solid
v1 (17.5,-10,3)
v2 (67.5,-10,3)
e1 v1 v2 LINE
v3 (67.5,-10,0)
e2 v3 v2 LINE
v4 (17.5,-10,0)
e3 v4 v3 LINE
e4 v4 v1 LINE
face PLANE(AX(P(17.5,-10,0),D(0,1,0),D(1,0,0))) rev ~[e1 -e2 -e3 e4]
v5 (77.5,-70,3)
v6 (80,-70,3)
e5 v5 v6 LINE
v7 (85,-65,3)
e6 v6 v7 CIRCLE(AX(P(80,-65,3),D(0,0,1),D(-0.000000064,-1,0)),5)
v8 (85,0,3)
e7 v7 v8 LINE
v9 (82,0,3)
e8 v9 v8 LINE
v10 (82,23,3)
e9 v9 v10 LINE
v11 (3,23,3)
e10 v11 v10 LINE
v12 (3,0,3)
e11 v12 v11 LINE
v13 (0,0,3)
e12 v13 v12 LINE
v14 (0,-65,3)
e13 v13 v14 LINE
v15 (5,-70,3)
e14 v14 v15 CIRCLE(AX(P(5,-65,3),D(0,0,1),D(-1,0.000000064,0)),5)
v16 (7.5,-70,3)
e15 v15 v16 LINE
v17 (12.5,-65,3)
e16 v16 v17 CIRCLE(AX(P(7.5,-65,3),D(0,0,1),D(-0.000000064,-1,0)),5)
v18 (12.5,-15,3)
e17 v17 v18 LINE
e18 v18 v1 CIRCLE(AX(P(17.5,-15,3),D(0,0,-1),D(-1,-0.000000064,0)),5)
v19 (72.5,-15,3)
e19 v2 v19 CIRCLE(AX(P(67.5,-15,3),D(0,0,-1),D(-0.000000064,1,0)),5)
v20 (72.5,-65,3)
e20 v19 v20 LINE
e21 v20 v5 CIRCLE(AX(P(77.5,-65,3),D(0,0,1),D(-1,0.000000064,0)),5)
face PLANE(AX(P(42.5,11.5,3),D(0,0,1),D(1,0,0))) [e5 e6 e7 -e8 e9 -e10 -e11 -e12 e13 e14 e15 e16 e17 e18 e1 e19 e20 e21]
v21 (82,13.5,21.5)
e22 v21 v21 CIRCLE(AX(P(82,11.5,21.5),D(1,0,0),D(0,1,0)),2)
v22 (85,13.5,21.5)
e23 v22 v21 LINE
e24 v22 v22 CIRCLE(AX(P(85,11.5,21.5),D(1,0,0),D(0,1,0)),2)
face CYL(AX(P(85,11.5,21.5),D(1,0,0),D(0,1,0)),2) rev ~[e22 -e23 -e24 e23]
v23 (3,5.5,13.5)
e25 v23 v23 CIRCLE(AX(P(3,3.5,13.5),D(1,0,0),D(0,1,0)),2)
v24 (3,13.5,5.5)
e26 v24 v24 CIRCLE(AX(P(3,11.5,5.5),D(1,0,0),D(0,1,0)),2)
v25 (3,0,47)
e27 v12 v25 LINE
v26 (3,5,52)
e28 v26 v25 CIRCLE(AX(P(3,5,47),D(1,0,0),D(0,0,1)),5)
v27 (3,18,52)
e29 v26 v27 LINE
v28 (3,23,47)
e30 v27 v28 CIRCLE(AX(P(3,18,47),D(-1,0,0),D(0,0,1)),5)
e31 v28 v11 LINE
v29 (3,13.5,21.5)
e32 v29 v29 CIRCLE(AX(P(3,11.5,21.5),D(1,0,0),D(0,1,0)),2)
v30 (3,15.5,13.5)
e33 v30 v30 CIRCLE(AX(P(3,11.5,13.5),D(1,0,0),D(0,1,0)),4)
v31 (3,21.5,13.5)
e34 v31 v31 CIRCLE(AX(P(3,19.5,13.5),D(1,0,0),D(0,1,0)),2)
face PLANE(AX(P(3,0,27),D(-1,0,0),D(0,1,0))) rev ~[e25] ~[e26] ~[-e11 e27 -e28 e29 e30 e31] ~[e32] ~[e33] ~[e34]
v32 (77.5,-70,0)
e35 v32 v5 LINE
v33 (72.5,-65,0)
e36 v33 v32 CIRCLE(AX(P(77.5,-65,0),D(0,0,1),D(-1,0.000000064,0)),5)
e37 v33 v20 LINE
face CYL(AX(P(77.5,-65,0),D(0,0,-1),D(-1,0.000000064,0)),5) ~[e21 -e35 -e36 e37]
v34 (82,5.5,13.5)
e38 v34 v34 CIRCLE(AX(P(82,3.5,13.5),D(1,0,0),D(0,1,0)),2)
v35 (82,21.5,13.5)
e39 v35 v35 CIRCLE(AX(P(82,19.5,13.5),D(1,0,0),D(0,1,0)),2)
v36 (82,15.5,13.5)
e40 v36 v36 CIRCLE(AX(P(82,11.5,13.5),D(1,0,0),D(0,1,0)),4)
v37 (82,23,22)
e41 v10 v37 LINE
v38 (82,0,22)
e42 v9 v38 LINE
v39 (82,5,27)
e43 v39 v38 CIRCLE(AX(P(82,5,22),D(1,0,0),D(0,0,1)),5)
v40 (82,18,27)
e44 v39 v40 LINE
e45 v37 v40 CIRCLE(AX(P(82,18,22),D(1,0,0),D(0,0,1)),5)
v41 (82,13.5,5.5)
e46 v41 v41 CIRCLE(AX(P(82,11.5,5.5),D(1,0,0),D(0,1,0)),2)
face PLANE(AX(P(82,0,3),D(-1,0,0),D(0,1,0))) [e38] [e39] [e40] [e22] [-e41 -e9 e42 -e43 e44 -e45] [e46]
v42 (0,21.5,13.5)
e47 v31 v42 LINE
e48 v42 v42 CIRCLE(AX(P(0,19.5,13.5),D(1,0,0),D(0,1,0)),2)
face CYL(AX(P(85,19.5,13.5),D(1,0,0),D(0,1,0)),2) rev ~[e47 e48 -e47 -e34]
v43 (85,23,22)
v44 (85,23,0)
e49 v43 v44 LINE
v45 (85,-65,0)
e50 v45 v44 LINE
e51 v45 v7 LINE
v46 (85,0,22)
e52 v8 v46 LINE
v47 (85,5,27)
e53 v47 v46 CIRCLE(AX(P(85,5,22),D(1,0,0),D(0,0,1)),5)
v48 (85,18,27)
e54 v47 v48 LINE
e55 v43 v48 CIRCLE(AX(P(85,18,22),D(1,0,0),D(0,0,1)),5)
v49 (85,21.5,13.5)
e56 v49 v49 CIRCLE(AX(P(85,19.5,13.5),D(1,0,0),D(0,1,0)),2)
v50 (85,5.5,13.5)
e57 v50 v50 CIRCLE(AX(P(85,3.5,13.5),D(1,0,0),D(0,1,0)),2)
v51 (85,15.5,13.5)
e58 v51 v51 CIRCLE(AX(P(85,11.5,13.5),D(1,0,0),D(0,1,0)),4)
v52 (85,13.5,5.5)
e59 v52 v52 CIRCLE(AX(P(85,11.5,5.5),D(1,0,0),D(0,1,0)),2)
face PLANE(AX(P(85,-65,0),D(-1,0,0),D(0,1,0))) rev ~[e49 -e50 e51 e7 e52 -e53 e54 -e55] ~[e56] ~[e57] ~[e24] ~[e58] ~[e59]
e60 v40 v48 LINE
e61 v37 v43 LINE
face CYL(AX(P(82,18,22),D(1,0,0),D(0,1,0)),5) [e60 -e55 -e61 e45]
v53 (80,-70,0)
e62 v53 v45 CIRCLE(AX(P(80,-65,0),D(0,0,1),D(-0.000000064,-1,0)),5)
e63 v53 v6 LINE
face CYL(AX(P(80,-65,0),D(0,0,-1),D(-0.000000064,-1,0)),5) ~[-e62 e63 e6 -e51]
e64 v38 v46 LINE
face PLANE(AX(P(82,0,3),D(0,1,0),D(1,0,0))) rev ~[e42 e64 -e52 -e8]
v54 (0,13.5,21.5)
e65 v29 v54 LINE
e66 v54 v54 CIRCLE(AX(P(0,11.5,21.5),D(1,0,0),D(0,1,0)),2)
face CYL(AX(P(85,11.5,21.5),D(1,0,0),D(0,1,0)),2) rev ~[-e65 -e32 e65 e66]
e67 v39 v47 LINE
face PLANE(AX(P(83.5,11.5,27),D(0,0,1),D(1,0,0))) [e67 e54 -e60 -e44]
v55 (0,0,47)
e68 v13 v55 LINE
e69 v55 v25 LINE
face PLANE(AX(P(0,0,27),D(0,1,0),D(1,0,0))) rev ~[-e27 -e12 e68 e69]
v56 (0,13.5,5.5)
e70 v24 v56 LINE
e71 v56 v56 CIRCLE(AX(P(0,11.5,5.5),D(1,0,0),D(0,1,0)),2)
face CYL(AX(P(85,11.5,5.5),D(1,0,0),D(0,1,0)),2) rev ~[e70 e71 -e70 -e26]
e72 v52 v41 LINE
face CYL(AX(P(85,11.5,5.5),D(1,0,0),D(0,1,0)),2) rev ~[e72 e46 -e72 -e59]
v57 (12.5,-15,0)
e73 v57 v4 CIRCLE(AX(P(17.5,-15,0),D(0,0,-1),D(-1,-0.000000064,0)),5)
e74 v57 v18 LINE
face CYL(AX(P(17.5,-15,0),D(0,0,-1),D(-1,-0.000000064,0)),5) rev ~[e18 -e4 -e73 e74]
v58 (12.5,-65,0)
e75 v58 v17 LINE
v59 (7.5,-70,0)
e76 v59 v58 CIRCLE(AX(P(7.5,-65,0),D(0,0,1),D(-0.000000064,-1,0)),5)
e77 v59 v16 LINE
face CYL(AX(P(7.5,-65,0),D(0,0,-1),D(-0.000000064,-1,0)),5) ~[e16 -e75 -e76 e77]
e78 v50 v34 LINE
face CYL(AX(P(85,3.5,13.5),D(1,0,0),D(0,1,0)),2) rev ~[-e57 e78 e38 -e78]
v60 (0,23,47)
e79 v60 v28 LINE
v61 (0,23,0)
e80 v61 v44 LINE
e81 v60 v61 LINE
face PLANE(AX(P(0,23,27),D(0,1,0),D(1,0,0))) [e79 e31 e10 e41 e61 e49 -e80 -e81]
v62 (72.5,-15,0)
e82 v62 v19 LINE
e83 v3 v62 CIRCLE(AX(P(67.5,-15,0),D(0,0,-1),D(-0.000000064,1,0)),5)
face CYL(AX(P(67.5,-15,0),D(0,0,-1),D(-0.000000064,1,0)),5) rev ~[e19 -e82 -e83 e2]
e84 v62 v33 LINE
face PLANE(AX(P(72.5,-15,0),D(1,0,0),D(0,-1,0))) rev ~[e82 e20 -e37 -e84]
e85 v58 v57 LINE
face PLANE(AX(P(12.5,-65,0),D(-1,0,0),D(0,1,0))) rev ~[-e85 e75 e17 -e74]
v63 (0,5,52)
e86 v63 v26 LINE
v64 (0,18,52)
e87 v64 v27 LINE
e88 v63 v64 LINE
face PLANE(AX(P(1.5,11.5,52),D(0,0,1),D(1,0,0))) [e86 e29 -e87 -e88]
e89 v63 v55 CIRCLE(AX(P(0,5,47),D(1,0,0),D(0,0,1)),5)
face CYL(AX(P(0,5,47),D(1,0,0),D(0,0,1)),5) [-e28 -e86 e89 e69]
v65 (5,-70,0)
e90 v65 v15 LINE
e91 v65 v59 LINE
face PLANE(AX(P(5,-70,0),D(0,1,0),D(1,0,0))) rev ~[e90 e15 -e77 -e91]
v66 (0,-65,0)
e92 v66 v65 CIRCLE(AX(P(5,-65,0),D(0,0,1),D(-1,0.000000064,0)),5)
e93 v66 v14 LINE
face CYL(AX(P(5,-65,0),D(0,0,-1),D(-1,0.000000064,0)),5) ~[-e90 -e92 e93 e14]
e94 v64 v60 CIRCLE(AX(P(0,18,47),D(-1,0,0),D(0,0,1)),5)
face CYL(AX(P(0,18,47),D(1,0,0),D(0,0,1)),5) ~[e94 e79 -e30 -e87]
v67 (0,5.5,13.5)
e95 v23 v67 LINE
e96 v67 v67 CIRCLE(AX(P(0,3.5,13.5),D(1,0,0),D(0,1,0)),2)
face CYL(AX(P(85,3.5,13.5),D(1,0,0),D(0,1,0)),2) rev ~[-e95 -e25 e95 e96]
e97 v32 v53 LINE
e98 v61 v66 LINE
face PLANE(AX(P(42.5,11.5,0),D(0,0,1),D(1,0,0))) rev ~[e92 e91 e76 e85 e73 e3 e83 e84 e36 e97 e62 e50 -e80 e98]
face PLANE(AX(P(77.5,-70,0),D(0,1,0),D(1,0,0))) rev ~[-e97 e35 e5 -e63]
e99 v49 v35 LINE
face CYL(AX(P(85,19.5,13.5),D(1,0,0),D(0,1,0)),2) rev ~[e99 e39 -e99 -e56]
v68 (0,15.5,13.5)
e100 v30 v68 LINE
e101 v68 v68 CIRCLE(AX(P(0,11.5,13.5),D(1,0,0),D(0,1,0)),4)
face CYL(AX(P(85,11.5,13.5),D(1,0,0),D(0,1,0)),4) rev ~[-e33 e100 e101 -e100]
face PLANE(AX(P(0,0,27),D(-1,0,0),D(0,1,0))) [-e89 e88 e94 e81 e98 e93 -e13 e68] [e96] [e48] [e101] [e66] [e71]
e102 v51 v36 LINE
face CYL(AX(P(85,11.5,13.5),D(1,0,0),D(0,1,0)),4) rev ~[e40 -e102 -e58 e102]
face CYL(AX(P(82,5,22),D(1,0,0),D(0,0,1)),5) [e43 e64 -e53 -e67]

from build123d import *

# Parameters (mm, degrees)
F0_W     = 85
F0_H     = 23
F1_DEPTH = 3
F2_W     = 3
F2_H     = 23
F3_DEPTH = 24
F4_W     = 3
F4_H     = 23
F5_DEPTH = 25
F6_R     = 4
F6_R_2   = 2
F7_DEPTH = 100
F8_R     = 5


with BuildPart() as f1:
    # F0 (on Top) → F1 (new body)
    with BuildSketch(Plane.XY):
        with Locations((42.5, 11.5)):
            Rectangle(F0_W, F0_H)
        with BuildLine():
            Line((85, 0), (0, 0))
            Line((0, 0), (0, -10))
            Line((0, -10), (0, -65))
            ThreePointArc((0, -65), (1.464466, -68.535534), (5, -70))
            Line((5, -70), (7.5, -70))
            ThreePointArc((7.5, -70), (11.035534, -68.535534), (12.5, -65))
            Line((12.5, -65), (12.5, -15))
            ThreePointArc((12.5, -15), (13.964466, -11.464466), (17.5, -10))
            Line((17.5, -10), (67.5, -10))
            ThreePointArc((67.5, -10), (71.035534, -11.464466), (72.5, -15))
            Line((72.5, -15), (72.5, -65))
            ThreePointArc((72.5, -65), (73.964466, -68.535534), (77.5, -70))
            Line((77.5, -70), (80, -70))
            ThreePointArc((80, -70), (83.535534, -68.535534), (85, -65))
            Line((85, -65), (85, -10))
            Line((85, -10), (85, 0))
        make_face()
    extrude(amount=F1_DEPTH)

    # F2 (on face) → F3 (join)
    with BuildSketch(Plane.XY.offset(3)):
        with Locations((1.5, 11.5)):
            Rectangle(F2_W, F2_H)
        with Locations((83.5, 11.5)):
            Rectangle(F2_W, F2_H)
    extrude(amount=F3_DEPTH)

    # F4 (on face) → F5 (join)
    with BuildSketch(Plane.XY.offset(27)):
        with Locations((1.5, 11.5)):
            Rectangle(F4_W, F4_H)
    extrude(amount=F5_DEPTH)

    # F6 (on face) → F7 (cut)
    with BuildSketch(Plane.YZ.offset(85)):
        with Locations((11.5, 13.5)):
            Circle(F6_R)
        with Locations((19.5, 13.5)):
            Circle(F6_R_2)
        with Locations((11.5, 21.5)):
            Circle(F6_R_2)
        with Locations((3.5, 13.5)):
            Circle(F6_R_2)
        with Locations((11.5, 5.5)):
            Circle(F6_R_2)
    extrude(amount=-F7_DEPTH, mode=Mode.SUBTRACT)

    # F8
    f8_edges = [f1.edges().sort_by_distance(p)[0] for p in [
        (83.5, 0, 27),
        (83.5, 23, 27),
        (1.5, 23, 52),
        (1.5, 0, 52),
    ]]
    fillet(f8_edges, radius=F8_R)


solid = f1.part
